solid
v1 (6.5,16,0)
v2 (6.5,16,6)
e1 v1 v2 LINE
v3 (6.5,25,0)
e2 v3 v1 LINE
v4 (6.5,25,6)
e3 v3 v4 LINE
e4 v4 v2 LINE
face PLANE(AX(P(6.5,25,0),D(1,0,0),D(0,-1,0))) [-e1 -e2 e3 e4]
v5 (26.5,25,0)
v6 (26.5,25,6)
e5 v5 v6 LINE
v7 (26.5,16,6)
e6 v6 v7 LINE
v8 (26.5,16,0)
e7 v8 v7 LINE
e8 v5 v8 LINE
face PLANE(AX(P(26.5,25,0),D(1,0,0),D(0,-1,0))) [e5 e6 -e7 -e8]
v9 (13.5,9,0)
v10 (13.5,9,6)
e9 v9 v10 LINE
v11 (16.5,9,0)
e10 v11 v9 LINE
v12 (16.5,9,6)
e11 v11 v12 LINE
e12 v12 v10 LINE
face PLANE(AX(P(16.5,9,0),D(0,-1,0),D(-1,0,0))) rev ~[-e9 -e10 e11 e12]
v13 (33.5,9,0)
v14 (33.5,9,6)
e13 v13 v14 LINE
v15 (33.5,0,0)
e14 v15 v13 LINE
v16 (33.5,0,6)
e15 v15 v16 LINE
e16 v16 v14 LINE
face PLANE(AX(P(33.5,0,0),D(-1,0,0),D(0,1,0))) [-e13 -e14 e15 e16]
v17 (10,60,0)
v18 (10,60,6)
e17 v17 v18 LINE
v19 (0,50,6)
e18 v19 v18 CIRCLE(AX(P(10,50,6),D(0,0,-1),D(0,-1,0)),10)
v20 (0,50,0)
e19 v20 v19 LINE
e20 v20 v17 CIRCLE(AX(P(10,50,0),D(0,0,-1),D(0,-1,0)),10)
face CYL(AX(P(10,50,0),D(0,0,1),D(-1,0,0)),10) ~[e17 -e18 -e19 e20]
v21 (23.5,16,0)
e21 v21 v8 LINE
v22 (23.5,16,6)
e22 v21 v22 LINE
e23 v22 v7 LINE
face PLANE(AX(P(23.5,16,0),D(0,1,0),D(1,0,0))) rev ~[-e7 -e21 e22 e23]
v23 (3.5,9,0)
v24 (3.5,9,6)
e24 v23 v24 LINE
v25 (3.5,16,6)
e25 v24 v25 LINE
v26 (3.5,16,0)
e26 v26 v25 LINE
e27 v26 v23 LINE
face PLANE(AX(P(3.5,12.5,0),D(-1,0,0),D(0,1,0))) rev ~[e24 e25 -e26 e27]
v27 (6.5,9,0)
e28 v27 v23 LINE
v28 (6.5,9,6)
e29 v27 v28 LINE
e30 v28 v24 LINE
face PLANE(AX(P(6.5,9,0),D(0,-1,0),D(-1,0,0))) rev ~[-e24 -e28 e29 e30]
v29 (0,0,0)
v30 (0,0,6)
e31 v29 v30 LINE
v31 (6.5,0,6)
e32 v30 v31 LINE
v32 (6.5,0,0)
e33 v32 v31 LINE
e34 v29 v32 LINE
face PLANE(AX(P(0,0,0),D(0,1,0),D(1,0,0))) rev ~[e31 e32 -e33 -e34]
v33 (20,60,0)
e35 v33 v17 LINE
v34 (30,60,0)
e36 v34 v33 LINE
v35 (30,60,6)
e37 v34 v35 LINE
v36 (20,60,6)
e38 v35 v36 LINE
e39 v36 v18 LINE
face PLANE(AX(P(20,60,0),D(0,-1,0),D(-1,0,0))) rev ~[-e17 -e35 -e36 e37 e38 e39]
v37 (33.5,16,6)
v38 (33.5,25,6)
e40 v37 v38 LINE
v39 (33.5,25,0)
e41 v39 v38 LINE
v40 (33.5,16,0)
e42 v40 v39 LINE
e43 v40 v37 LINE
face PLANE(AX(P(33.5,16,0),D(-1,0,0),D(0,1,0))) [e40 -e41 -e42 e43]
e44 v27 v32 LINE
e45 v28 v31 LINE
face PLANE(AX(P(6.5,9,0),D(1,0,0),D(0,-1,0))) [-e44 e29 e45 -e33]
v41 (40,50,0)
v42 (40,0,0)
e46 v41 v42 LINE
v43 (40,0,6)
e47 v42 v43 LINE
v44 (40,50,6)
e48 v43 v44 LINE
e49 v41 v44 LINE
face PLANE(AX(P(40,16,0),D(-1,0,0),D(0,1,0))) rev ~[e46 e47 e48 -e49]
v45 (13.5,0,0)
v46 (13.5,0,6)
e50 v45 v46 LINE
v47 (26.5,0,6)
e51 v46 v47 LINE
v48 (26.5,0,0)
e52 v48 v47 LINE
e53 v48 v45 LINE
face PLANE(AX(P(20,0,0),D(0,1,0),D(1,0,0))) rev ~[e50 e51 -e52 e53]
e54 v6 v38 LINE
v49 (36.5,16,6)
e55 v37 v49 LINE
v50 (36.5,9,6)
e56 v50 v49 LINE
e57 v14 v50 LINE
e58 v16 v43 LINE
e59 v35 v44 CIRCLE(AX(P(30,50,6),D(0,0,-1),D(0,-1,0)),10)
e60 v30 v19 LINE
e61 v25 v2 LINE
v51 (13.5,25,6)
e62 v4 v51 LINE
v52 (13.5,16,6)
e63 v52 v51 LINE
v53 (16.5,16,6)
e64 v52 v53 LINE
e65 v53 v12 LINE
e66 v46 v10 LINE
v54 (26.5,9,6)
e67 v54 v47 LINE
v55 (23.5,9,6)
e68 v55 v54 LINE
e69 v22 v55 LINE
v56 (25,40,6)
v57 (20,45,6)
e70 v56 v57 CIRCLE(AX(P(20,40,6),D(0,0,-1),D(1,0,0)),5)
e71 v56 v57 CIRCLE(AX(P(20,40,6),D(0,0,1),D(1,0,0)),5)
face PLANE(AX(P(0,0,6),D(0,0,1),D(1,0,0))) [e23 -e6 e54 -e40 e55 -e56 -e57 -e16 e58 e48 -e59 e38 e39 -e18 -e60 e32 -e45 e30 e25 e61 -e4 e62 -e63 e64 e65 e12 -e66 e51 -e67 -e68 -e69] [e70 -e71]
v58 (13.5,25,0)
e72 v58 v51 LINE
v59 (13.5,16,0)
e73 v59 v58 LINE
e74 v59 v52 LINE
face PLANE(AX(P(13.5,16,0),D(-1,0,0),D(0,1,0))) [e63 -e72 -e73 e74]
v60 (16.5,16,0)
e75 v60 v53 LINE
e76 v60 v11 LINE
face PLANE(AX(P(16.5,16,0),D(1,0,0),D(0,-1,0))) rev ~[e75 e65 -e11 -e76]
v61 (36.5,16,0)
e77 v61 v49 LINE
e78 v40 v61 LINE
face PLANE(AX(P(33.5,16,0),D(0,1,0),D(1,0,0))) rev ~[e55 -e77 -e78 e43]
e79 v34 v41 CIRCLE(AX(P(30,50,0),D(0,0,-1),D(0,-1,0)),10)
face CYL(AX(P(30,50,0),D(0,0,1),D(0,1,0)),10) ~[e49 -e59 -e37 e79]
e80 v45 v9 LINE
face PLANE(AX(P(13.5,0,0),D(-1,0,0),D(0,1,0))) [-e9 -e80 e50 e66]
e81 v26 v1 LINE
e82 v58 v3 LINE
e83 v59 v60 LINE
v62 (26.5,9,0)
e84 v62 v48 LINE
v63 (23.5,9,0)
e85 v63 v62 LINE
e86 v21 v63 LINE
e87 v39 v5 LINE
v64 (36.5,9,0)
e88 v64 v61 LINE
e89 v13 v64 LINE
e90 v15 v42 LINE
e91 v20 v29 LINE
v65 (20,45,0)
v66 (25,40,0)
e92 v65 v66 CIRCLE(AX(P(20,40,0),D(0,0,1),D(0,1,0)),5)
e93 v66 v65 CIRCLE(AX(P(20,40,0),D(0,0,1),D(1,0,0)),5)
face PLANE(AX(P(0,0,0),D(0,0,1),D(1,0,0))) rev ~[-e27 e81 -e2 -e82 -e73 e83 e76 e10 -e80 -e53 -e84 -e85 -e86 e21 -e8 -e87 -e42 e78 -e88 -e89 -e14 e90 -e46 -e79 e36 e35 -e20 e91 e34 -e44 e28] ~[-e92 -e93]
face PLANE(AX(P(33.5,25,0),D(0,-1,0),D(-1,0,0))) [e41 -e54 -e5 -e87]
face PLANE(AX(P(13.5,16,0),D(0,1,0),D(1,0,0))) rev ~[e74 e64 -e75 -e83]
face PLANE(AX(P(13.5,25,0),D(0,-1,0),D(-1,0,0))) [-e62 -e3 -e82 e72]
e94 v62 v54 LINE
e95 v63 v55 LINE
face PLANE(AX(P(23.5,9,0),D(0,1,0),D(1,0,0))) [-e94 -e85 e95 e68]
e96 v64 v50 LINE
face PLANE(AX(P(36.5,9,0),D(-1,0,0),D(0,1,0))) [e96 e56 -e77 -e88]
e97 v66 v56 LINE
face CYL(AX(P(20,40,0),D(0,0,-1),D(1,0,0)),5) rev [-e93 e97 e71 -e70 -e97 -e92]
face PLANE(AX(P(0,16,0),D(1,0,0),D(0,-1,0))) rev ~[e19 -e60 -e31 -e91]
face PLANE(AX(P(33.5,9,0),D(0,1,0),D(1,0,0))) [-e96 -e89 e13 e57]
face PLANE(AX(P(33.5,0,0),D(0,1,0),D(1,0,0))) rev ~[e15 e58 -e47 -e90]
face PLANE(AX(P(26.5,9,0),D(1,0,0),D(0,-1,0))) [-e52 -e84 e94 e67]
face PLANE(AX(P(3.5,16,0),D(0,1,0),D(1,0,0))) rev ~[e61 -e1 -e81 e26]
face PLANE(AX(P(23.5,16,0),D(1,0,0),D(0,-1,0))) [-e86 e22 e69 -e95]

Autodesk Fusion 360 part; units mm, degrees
sketch "Sketch1" plane through (0, 0, 0) normal (0, 0, 1) x (1, 0, 0)
  line L0 (0, 0) -> (40, 0)
  line L1 (40, 0) -> (40, 60)
  line L2 (40, 60) -> (0, 60)
  line L3 (0, 60) -> (0, 0)
  line L4 (20, 60) -> (20, 27.089)
  circle A0 centre (20, 40) radius 5
  line L5 (6.5, 0) -> (13.5, 0)
  line L6 (13.5, 0) -> (13.5, 25)
  line L7 (13.5, 25) -> (6.5, 25)
  line L8 (6.5, 25) -> (6.5, 0)
  line L9 (26.5, 0) -> (33.5, 0)
  line L10 (33.5, 0) -> (33.5, 25)
  line L11 (33.5, 25) -> (26.5, 25)
  line L12 (26.5, 25) -> (26.5, 0)
  line L13 (10, 25) -> (30, 25)
  line L14 (20, 25) -> (20, 0)
  line L15 (0, 16) -> (40, 16)
  line L16 (3.5, 16) -> (16.5, 16)
  line L17 (16.5, 16) -> (16.5, 9)
  line L18 (16.5, 9) -> (3.5, 9)
  line L19 (3.5, 9) -> (3.5, 16)
  line L20 (3.5, 12.5) -> (6.5, 12.5)
  line L21 (10, 9) -> (10, 0)
  line L22 (23.5, 16) -> (23.5, 9)
  line L23 (23.5, 9) -> (36.5, 9)
  line L24 (36.5, 9) -> (36.5, 16)
  dimension "d1" = 40
  dimension "d2" = 60
  dimension "d3" = 10
  dimension "d4" = 40
  dimension "d5" = 7
  dimension "d6" = 7
  dimension "d7" = 25
  dimension "d8" = 25
  dimension "d9" = 20
  dimension "d10" = 90
  dimension "d11" = 90
  dimension "d12" = 13
  dimension "d13" = 90
  dimension "d14" = 7
extrude "Extrude1" add sketch "Sketch1" along normal blind 6 contours L0 L3 L8 L15 L18 L19 | L1 L2 L3 L7 L8 L10 L11 L13 L15 L16 | L0 L6 L14 L15 L17 L18 | L0 L12 L14 L15 L22 L23 | L6 L13 L14 L15 L16 | L12 L13 L14 L15 | L0 L1 L10 L15 L23 L24
fillet "Fillet1" radius 10 1 edges at (0, 60, 3)
fillet "Fillet2" radius 10 1 edges at (40, 60, 3)
